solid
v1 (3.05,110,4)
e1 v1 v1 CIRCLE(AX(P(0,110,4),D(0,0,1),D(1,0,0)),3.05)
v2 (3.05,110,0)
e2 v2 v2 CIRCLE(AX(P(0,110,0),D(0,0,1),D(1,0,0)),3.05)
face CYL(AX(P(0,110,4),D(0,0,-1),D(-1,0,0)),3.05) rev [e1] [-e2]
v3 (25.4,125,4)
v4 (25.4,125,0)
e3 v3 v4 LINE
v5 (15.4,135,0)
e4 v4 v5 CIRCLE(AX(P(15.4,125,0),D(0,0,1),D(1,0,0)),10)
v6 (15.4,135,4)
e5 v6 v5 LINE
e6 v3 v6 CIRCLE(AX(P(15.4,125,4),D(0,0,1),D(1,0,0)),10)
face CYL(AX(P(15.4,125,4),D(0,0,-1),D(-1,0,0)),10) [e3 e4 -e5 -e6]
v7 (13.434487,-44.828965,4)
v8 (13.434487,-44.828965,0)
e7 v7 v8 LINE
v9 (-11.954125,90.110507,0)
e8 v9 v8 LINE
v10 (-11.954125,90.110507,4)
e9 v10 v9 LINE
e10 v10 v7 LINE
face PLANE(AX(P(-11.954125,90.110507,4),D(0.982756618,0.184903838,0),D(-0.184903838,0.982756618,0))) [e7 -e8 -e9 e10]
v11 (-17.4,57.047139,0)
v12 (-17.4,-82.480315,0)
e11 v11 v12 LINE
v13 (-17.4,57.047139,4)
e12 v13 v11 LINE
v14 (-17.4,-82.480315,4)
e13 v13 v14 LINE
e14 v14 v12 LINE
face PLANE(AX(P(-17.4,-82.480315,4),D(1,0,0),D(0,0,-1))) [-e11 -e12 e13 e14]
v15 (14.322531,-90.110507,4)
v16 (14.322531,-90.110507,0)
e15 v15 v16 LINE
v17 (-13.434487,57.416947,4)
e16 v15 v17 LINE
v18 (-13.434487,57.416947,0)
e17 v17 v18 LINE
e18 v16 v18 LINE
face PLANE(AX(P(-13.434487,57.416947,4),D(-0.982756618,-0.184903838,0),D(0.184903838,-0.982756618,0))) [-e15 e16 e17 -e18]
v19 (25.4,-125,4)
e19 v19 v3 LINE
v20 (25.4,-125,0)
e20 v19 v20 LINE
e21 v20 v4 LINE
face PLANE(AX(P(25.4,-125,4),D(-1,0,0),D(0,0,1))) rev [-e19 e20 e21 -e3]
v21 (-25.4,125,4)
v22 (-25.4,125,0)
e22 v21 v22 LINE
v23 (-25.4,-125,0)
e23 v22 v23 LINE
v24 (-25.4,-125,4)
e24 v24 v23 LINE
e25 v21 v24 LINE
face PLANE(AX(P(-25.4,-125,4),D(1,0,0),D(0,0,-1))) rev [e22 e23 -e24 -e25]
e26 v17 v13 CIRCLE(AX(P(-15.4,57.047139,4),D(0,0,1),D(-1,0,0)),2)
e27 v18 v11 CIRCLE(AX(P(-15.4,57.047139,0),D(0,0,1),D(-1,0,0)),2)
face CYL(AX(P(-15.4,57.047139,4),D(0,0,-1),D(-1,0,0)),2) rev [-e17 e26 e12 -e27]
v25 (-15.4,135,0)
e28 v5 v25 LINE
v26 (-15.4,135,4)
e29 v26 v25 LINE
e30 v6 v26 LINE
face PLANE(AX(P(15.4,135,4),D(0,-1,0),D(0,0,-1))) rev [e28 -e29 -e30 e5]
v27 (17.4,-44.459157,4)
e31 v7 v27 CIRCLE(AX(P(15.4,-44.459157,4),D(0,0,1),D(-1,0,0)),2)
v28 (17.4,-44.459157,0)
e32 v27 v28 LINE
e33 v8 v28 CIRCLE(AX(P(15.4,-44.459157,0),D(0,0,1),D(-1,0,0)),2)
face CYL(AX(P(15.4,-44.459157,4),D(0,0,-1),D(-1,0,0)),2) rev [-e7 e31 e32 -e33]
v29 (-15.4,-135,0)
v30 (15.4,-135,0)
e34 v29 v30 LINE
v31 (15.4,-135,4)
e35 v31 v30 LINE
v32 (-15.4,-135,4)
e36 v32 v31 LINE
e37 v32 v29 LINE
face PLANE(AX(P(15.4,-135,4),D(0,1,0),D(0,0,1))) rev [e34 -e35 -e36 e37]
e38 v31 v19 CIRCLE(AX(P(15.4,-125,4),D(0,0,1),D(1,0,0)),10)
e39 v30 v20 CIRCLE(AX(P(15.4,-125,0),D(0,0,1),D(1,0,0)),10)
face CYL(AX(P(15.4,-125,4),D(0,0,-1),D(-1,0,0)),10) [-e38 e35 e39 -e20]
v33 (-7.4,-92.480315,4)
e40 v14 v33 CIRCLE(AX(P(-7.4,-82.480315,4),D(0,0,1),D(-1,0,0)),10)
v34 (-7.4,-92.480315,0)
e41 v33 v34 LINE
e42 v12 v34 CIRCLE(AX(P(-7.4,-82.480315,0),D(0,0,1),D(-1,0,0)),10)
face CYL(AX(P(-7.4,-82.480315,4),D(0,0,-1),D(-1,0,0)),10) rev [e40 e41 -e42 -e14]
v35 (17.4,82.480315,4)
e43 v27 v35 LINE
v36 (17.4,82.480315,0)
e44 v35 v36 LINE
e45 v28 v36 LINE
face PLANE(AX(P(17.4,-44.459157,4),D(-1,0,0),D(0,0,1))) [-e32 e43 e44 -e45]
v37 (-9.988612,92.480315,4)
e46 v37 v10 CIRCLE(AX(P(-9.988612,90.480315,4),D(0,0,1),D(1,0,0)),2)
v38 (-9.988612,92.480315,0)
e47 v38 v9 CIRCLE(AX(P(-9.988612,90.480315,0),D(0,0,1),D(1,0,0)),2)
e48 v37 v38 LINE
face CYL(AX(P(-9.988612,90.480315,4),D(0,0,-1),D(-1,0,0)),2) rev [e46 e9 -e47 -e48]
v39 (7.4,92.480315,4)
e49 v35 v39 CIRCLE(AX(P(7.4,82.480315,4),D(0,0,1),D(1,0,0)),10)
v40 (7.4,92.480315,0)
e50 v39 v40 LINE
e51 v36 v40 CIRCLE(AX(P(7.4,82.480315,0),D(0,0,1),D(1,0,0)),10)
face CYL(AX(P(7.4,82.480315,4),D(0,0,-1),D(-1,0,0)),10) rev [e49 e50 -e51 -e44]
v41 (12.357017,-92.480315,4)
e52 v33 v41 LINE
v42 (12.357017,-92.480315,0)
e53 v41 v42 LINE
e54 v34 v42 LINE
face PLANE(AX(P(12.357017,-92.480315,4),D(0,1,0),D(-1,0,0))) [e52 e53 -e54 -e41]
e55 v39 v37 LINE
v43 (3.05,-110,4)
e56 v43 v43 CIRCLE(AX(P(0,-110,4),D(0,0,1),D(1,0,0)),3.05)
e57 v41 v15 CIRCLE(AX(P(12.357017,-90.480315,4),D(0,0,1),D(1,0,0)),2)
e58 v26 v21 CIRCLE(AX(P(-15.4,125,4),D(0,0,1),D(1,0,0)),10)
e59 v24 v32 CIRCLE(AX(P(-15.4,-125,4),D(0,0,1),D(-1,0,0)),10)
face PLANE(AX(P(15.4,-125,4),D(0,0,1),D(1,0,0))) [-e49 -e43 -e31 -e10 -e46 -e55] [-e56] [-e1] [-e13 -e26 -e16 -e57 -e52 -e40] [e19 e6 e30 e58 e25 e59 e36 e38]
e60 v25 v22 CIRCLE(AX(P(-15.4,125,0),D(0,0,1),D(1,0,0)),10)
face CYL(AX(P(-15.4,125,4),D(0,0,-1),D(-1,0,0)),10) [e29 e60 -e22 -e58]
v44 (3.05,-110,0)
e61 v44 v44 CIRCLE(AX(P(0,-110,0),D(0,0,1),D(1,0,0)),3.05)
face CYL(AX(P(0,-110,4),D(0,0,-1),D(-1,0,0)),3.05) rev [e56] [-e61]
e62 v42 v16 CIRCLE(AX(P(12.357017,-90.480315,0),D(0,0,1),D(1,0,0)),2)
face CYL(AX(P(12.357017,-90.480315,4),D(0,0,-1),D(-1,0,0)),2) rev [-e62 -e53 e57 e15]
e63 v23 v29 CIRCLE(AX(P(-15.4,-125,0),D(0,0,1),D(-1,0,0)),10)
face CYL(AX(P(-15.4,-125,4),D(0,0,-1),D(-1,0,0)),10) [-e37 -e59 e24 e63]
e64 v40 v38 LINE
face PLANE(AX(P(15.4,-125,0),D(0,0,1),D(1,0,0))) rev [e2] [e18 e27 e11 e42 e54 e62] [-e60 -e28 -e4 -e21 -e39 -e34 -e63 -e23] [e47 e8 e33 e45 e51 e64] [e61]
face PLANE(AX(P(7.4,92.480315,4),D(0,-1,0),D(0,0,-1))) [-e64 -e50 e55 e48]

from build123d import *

# Parameters (mm, degrees)
SKETCH1_R           = 3.05
BOSS_EXTRUDE1_DEPTH = 4


with BuildPart() as part:
    # Sketch1 → Boss-Extrude1 (new body)
    with BuildSketch(Plane.XY):
        with BuildLine():
            Line((15.4, -135), (-15.4, -135))
            ThreePointArc((-15.4, -135), (-22.471067812, -132.071067812), (-25.4, -125))
            Line((-25.4, -125), (-25.4, 125))
            ThreePointArc((-25.4, 125), (-22.471067812, 132.071067812), (-15.4, 135))
            Line((-15.4, 135), (15.4, 135))
            ThreePointArc((15.4, 135), (22.471067812, 132.071067812), (25.4, 125))
            Line((25.4, 125), (25.4, -125))
            ThreePointArc((25.4, -125), (22.471067812, -132.071067812), (15.4, -135))
        make_face()
        with Locations((0, 110)):
            Circle(SKETCH1_R, mode=Mode.SUBTRACT)
        with Locations((0, -110)):
            Circle(SKETCH1_R, mode=Mode.SUBTRACT)
        with BuildLine():
            Line((-13.434486763, 57.416947085), (14.322530577, -90.110507285))
            ThreePointArc((14.322530577, -90.110507285), (13.896435307, -91.757104812), (12.357017341, -92.480314961))
            Line((12.357017341, -92.480314961), (-7.4, -92.480314961))
            ThreePointArc((-7.4, -92.480314961), (-14.471067812, -89.551382772), (-17.4, -82.480314961))
            Line((-17.4, -82.480314961), (-17.4, 57.047139409))
            ThreePointArc((-17.4, 57.047139409), (-15.585706121, 59.038499055), (-13.434486763, 57.416947085))
        make_face(mode=Mode.SUBTRACT)
        with BuildLine():
            Line((17.4, -44.459157406), (17.4, 82.480314961))
            ThreePointArc((17.4, 82.480314961), (14.471067812, 89.551382772), (7.4, 92.480314961))
            Line((7.4, 92.480314961), (-9.988611838, 92.480314961))
            ThreePointArc((-9.988611838, 92.480314961), (-11.528029804, 91.757104812), (-11.954125074, 90.110507285))
            Line((-11.954125074, 90.110507285), (13.434486763, -44.828965081))
            ThreePointArc((13.434486763, -44.828965081), (15.585706121, -46.450517051), (17.4, -44.459157406))
        make_face(mode=Mode.SUBTRACT)
    extrude(amount=BOSS_EXTRUDE1_DEPTH)


solid = part.part
